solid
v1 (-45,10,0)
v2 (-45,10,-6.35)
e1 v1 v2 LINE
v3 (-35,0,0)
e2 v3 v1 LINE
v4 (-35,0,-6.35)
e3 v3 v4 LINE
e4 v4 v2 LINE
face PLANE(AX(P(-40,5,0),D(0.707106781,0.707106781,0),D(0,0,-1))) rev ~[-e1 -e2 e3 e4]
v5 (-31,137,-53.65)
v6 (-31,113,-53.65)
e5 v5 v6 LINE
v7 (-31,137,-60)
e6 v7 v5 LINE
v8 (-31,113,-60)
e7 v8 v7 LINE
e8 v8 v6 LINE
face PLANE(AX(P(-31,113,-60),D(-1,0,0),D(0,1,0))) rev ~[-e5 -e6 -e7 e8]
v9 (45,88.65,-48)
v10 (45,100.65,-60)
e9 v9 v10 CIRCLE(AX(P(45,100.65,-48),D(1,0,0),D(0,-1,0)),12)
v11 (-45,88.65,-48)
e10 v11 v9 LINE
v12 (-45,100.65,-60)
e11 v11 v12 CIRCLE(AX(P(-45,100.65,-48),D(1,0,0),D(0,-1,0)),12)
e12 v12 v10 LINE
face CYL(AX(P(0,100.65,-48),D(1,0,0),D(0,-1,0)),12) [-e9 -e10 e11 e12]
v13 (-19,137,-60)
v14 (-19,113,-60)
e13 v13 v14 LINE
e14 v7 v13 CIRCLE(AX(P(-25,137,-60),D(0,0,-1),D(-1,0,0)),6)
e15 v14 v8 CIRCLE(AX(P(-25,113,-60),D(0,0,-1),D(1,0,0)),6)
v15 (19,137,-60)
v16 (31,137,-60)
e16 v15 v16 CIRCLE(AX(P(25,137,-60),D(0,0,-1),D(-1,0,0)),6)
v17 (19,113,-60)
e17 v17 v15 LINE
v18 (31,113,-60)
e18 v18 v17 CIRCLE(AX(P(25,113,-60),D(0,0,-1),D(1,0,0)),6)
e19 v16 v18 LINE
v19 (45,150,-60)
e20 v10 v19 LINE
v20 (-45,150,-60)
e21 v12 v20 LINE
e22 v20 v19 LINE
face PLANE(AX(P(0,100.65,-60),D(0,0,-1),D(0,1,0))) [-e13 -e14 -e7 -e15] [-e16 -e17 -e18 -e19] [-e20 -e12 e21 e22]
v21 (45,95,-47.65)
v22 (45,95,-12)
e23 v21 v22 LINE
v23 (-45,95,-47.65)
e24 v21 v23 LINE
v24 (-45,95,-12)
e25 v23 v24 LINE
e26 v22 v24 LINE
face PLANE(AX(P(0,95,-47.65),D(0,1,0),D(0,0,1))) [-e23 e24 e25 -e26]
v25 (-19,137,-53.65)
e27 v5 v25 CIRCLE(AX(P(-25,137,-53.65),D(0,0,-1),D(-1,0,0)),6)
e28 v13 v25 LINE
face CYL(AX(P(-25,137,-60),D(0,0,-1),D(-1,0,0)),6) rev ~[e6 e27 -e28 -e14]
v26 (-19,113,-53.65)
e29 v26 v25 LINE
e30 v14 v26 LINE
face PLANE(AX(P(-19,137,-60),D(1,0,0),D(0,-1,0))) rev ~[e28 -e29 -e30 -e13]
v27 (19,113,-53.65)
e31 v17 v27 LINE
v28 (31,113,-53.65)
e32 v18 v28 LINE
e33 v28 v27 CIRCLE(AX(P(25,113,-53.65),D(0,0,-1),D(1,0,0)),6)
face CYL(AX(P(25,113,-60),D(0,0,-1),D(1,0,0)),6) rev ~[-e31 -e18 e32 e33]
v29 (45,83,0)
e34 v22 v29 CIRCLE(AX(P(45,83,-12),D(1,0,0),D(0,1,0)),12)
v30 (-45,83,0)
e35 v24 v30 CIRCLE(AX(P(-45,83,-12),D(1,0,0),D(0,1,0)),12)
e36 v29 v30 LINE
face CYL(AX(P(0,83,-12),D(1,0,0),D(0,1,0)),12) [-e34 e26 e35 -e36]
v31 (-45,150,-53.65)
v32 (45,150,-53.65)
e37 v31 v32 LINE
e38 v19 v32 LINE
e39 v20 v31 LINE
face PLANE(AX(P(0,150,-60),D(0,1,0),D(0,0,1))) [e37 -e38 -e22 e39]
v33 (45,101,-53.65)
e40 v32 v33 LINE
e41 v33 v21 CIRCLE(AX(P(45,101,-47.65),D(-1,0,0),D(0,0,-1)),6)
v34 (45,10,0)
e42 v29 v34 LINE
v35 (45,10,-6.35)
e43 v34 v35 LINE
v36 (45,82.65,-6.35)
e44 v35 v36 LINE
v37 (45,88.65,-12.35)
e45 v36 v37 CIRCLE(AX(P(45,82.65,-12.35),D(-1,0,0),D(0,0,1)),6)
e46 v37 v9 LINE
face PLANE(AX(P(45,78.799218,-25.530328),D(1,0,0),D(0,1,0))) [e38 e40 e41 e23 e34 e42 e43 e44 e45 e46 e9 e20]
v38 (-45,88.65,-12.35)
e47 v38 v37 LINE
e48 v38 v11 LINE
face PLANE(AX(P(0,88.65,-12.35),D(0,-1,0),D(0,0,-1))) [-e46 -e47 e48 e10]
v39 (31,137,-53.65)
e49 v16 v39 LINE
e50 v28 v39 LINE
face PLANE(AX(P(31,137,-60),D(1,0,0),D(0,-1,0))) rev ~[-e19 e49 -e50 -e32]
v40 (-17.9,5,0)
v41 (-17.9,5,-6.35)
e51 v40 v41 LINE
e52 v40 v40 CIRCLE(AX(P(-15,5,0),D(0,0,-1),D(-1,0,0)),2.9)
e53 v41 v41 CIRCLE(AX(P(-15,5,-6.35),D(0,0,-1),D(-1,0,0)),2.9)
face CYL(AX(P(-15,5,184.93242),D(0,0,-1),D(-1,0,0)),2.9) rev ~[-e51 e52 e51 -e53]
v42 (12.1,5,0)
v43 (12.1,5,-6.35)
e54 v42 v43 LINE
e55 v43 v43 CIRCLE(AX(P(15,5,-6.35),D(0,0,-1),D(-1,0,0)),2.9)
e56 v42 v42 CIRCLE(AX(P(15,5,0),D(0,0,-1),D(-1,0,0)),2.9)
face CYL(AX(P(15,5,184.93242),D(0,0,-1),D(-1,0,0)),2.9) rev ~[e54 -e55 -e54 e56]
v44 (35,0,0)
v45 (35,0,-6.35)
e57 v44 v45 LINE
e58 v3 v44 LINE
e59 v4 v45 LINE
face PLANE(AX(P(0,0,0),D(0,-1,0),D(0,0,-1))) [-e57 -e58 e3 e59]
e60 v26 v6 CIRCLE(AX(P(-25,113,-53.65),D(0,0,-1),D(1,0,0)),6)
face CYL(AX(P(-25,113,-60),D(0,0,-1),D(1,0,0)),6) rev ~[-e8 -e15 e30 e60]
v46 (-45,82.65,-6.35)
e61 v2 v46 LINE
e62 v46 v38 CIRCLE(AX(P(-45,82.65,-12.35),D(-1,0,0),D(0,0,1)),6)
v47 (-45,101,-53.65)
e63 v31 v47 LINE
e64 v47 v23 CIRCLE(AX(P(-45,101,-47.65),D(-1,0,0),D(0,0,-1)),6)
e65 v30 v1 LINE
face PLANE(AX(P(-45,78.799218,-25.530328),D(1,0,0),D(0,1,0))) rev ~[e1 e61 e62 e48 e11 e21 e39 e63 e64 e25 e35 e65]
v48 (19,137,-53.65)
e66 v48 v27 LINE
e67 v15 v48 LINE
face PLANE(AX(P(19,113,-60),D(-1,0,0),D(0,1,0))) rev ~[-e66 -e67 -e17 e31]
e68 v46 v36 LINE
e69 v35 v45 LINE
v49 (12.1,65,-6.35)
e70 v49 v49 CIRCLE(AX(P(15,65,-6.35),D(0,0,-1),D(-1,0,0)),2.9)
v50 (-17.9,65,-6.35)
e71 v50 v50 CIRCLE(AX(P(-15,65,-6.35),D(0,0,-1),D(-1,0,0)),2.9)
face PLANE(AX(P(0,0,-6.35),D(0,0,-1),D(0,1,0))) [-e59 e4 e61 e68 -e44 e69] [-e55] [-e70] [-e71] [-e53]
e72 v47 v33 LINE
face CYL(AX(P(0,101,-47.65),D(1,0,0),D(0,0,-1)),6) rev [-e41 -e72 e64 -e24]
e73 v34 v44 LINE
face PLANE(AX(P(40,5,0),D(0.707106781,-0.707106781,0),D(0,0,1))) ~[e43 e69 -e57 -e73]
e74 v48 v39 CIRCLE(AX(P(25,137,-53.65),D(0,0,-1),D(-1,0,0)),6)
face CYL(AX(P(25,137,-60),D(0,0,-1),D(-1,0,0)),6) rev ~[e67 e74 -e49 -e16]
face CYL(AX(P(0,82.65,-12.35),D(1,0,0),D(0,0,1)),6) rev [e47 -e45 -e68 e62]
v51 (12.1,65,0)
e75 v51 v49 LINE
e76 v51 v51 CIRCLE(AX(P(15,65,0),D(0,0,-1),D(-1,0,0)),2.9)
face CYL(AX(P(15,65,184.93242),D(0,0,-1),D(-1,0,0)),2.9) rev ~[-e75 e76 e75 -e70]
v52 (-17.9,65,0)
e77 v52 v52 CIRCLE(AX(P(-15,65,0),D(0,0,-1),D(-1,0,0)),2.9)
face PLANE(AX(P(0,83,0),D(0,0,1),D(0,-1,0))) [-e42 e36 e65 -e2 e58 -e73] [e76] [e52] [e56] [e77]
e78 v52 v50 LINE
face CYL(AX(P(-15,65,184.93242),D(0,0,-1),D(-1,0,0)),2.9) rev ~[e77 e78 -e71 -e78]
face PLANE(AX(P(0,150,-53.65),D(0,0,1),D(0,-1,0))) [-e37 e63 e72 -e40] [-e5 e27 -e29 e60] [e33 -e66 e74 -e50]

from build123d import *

# Parameters (mm, degrees)
F1_DEPTH = 45
F2_SIZE  = 10
F4_D     = 5.8
F6_DEPTH = 60.001


with BuildPart() as f1:
    # F0 (on Right) → F1 (new body, symmetric)
    with BuildSketch(Plane.YZ):
        with BuildLine():
            Line((83, 0), (0, 0))
            Line((0, 0), (0, -6.35))
            Line((0, -6.35), (82.65, -6.35))
            ThreePointArc((82.65, -6.35), (86.8926406871, -8.1073593129), (88.65, -12.35))
            Line((88.65, -12.35), (88.65, -48))
            ThreePointArc((88.65, -48), (92.1647186258, -56.4852813742), (100.65, -60))
            Line((100.65, -60), (150, -60))
            Line((150, -60), (150, -53.65))
            Line((150, -53.65), (101, -53.65))
            ThreePointArc((101, -53.65), (96.7573593129, -51.8926406871), (95, -47.65))
            Line((95, -47.65), (95, -12))
            ThreePointArc((95, -12), (91.4852813742, -3.5147186258), (83, 0))
        make_face()
    extrude(amount=F1_DEPTH, both=True)

    # F2
    f2_edges = [f1.edges().sort_by_distance(p)[0] for p in [
        (45, 0, -3.175),
        (-45, 0, -3.175),
    ]]
    chamfer(f2_edges, length=F2_SIZE)

    # F4 (through all)
    with Locations(Plane.XY):
        with Locations((-15, 5), (-15, 65), (15, 65), (15, 5)):
            Hole(F4_D / 2)

    # F5 (on face) → F6 (cut, through all)
    with BuildSketch(Plane(origin=(0, 0, -60), x_dir=(1, 0, 0), z_dir=(0, 0, -1))):
        with BuildLine():
            ThreePointArc((31, -113), (25, -107), (19, -113))
            Line((19, -113), (19, -125))
            Line((19, -125), (19, -137))
            ThreePointArc((19, -137), (25, -143), (31, -137))
            Line((31, -137), (31, -125))
            Line((31, -125), (31, -113))
        make_face()
        with BuildLine():
            Line((-31, -125), (-31, -137))
            ThreePointArc((-31, -137), (-25, -143), (-19, -137))
            Line((-19, -137), (-19, -125))
            Line((-19, -125), (-19, -113))
            ThreePointArc((-19, -113), (-25, -107), (-31, -113))
            Line((-31, -113), (-31, -125))
        make_face()
    extrude(amount=-F6_DEPTH, mode=Mode.SUBTRACT)


solid = f1.part
